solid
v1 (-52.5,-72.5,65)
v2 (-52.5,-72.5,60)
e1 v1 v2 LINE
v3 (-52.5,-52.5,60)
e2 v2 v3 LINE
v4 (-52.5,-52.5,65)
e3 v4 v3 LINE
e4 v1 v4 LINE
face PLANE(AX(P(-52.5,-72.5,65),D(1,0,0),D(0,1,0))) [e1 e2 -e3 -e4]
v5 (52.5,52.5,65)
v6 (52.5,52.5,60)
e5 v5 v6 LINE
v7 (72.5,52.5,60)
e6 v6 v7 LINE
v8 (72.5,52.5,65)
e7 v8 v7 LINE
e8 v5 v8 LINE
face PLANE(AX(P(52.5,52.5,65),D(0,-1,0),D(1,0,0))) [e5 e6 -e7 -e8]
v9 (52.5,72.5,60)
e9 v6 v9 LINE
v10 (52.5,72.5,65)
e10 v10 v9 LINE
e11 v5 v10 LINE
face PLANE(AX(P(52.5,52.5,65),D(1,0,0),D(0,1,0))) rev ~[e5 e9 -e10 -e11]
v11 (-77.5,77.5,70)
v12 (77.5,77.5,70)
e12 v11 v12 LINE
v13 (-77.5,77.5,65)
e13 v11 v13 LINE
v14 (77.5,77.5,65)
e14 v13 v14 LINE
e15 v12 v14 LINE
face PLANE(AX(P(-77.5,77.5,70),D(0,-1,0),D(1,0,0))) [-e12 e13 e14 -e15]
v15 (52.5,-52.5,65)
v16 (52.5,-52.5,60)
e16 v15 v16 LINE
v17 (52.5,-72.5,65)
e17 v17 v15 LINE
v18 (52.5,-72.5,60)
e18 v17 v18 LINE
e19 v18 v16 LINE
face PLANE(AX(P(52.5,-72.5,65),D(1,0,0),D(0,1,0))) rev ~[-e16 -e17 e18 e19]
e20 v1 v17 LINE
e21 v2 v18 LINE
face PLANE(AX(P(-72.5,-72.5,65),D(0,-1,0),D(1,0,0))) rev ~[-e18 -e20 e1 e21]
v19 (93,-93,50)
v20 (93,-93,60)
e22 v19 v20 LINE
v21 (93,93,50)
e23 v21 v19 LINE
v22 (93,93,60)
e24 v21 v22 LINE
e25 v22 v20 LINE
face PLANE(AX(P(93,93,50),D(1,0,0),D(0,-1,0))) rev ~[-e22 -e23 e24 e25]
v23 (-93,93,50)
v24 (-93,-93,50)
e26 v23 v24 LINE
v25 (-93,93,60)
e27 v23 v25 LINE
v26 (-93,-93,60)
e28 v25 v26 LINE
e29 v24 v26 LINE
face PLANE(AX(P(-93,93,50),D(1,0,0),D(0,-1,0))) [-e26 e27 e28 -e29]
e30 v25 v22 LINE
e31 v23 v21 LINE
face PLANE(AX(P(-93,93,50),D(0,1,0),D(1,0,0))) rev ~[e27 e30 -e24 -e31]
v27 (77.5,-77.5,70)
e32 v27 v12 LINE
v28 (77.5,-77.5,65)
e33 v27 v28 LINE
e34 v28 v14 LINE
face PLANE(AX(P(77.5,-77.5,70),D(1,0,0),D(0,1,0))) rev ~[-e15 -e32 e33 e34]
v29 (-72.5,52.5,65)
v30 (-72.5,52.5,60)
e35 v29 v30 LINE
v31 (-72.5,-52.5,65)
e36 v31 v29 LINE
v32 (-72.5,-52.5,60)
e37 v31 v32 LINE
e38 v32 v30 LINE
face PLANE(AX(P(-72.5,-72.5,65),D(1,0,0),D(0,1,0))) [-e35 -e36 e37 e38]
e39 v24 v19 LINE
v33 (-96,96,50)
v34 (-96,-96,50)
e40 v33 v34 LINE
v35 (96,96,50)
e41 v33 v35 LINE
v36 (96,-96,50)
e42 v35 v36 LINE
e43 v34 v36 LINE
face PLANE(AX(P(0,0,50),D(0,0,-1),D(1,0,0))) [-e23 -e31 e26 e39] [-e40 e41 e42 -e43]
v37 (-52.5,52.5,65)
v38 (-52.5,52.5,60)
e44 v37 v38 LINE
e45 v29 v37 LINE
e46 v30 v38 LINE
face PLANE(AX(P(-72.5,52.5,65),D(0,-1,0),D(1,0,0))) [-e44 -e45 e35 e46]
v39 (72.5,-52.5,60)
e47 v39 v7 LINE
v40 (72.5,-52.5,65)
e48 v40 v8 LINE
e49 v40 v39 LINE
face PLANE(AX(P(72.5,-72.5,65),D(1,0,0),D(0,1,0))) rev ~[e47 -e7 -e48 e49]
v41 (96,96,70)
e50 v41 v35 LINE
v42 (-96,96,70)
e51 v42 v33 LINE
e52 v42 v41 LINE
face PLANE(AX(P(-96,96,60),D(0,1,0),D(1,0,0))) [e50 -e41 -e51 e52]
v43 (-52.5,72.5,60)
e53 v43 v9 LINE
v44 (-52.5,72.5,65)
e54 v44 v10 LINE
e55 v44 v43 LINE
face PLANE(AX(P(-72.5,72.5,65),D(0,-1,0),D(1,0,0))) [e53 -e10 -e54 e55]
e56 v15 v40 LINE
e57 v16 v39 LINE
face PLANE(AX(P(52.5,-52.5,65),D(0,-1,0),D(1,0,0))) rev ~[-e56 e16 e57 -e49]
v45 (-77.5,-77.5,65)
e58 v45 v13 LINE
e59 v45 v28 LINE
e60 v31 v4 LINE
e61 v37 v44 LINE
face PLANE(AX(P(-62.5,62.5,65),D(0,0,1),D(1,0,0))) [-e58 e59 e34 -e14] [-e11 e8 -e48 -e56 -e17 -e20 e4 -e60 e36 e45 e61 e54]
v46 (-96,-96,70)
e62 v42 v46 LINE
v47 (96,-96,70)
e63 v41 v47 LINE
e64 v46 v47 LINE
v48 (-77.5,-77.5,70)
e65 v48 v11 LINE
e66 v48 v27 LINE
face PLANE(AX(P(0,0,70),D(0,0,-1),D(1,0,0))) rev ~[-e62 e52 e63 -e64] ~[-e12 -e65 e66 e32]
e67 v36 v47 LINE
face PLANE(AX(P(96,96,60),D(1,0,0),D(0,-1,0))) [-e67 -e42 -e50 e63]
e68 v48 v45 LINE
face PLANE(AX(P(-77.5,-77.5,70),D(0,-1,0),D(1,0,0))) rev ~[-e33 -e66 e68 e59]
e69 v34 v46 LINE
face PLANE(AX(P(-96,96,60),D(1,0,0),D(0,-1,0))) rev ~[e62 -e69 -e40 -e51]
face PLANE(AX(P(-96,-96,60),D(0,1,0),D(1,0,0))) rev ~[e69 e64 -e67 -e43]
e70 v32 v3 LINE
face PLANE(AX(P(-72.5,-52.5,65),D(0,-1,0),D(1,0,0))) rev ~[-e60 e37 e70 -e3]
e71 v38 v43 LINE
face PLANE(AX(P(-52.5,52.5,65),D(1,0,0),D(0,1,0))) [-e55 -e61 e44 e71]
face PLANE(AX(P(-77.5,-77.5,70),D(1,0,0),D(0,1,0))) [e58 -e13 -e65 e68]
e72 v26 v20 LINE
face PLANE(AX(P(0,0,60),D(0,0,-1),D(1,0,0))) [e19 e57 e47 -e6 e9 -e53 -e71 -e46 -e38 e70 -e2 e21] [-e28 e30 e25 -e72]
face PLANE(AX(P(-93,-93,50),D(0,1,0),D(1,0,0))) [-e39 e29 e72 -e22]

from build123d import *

# Parameters (mm, degrees)
F0_W           = 180
F0_H           = 180
F1_DEPTH       = 70
F2_T           = -5
F3_W           = 170
F3_H           = 170
F4_DEPTH       = 10
F5_W           = 155
F5_H           = 155
F6_DEPTH       = 5
F7_W           = 145
F7_H           = 145
F8_DEPTH       = 25
F9_W           = 20
F9_H           = 20
F10_DEPTH      = 5
F11_W          = 236.9226813316
F11_H          = 264.4580230117
F11_W_2        = 180
F11_H_2        = 180
F12_DEPTH      = 25
F13_W          = 243.9718917012
F13_H          = 319.6009546518
F13_W_2        = 180
F13_H_2        = 180
F14_DEPTH      = 55
F14_DEPTH_BACK = 25
F15_W          = 192
F15_H          = 192
F15_W_2        = 180
F15_H_2        = 180
F16_DEPTH      = 10
F16_DEPTH_BACK = 10
F17_DEPTH      = 5
F18_W          = 186
F18_H          = 186
F18_W_2        = 180
F18_H_2        = 180
F19_DEPTH      = 10


with BuildPart() as f1:
    # F0 (on Top) → F1 (new body)
    with BuildSketch(Plane.XY):
        Rectangle(F0_W, F0_H)
    extrude(amount=F1_DEPTH)

    # F2
    f2_openings = [f1.faces().sort_by_distance(p)[0] for p in [
        (0, 0, 70),
    ]]
    offset(amount=F2_T, openings=f2_openings)

    # F3 (on face) → F4 (join)
    with BuildSketch(Plane.XY.offset(70)):
        Rectangle(F3_W, F3_H)
    extrude(amount=-F4_DEPTH)

    # F5 (on face) → F6 (cut)
    with BuildSketch(Plane.XY.offset(70)):
        Rectangle(F5_W, F5_H)
    extrude(amount=-F6_DEPTH, mode=Mode.SUBTRACT)

    # F7 (on face) → F8 (cut)
    with BuildSketch(Plane.XY.offset(65)):
        Rectangle(F7_W, F7_H)
    extrude(amount=-F8_DEPTH, mode=Mode.SUBTRACT)

    # F9 (on face) → F10 (join)
    with BuildSketch(Plane.XY.offset(65)):
        with Locations((-62.5, 62.5)):
            Rectangle(F9_W, F9_H)
        with Locations((62.5, 62.5)):
            Rectangle(F9_W, F9_H)
        with Locations((62.5, -62.5)):
            Rectangle(F9_W, F9_H)
        with Locations((-62.5, -62.5)):
            Rectangle(F9_W, F9_H)
    extrude(amount=-F10_DEPTH)

    # F11 (on face) → F12 (cut)
    with BuildSketch(Plane(origin=(0, 0, 0), x_dir=(1, 0, 0), z_dir=(0, 0, -1))):
        with Locations((12.1972411871, 16.292501241)):
            Rectangle(F11_W, F11_H)
        Rectangle(F11_W_2, F11_H_2, mode=Mode.SUBTRACT)
    extrude(amount=-F12_DEPTH, mode=Mode.SUBTRACT)

    # F13 (on face) → F14 (cut, two sides)
    with BuildSketch(Plane(origin=(0, 0, 0), x_dir=(1, 0, 0), z_dir=(0, 0, -1))) as f14_sk:
        with Locations((-22.6087830961, -21.1053714156)):
            Rectangle(F13_W, F13_H)
        Rectangle(F13_W_2, F13_H_2, mode=Mode.SUBTRACT)
        Rectangle(F13_W_2, F13_H_2)
    extrude(amount=-F14_DEPTH, mode=Mode.SUBTRACT)
    extrude(f14_sk.sketch, amount=F14_DEPTH_BACK, mode=Mode.SUBTRACT)

    # F15 (on face) → F16 (join, two sides)
    with BuildSketch(Plane(origin=(0, 0, 60), x_dir=(1, 0, 0), z_dir=(0, 0, -1))) as f16_sk:
        Rectangle(F15_W, F15_H)
        Rectangle(F15_W_2, F15_H_2, mode=Mode.SUBTRACT)
    extrude(amount=F16_DEPTH)
    extrude(f16_sk.sketch, amount=-F16_DEPTH_BACK)

    # F17 (cut, through all): a face of the model
    f17_faces = [f1.faces().sort_by_distance(p)[0] for p in [
        (87.4544155877, 0, 55),
    ]]
    extrude(f17_faces, amount=-F17_DEPTH, mode=Mode.SUBTRACT)

    # F18 (on face) → F19 (cut, through all)
    with BuildSketch(Plane(origin=(0, 0, 50), x_dir=(1, 0, 0), z_dir=(0, 0, -1))):
        Rectangle(F18_W, F18_H)
        Rectangle(F18_W_2, F18_H_2, mode=Mode.SUBTRACT)
        Rectangle(F18_W_2, F18_H_2)
    extrude(amount=-F19_DEPTH, mode=Mode.SUBTRACT)


solid = f1.part
